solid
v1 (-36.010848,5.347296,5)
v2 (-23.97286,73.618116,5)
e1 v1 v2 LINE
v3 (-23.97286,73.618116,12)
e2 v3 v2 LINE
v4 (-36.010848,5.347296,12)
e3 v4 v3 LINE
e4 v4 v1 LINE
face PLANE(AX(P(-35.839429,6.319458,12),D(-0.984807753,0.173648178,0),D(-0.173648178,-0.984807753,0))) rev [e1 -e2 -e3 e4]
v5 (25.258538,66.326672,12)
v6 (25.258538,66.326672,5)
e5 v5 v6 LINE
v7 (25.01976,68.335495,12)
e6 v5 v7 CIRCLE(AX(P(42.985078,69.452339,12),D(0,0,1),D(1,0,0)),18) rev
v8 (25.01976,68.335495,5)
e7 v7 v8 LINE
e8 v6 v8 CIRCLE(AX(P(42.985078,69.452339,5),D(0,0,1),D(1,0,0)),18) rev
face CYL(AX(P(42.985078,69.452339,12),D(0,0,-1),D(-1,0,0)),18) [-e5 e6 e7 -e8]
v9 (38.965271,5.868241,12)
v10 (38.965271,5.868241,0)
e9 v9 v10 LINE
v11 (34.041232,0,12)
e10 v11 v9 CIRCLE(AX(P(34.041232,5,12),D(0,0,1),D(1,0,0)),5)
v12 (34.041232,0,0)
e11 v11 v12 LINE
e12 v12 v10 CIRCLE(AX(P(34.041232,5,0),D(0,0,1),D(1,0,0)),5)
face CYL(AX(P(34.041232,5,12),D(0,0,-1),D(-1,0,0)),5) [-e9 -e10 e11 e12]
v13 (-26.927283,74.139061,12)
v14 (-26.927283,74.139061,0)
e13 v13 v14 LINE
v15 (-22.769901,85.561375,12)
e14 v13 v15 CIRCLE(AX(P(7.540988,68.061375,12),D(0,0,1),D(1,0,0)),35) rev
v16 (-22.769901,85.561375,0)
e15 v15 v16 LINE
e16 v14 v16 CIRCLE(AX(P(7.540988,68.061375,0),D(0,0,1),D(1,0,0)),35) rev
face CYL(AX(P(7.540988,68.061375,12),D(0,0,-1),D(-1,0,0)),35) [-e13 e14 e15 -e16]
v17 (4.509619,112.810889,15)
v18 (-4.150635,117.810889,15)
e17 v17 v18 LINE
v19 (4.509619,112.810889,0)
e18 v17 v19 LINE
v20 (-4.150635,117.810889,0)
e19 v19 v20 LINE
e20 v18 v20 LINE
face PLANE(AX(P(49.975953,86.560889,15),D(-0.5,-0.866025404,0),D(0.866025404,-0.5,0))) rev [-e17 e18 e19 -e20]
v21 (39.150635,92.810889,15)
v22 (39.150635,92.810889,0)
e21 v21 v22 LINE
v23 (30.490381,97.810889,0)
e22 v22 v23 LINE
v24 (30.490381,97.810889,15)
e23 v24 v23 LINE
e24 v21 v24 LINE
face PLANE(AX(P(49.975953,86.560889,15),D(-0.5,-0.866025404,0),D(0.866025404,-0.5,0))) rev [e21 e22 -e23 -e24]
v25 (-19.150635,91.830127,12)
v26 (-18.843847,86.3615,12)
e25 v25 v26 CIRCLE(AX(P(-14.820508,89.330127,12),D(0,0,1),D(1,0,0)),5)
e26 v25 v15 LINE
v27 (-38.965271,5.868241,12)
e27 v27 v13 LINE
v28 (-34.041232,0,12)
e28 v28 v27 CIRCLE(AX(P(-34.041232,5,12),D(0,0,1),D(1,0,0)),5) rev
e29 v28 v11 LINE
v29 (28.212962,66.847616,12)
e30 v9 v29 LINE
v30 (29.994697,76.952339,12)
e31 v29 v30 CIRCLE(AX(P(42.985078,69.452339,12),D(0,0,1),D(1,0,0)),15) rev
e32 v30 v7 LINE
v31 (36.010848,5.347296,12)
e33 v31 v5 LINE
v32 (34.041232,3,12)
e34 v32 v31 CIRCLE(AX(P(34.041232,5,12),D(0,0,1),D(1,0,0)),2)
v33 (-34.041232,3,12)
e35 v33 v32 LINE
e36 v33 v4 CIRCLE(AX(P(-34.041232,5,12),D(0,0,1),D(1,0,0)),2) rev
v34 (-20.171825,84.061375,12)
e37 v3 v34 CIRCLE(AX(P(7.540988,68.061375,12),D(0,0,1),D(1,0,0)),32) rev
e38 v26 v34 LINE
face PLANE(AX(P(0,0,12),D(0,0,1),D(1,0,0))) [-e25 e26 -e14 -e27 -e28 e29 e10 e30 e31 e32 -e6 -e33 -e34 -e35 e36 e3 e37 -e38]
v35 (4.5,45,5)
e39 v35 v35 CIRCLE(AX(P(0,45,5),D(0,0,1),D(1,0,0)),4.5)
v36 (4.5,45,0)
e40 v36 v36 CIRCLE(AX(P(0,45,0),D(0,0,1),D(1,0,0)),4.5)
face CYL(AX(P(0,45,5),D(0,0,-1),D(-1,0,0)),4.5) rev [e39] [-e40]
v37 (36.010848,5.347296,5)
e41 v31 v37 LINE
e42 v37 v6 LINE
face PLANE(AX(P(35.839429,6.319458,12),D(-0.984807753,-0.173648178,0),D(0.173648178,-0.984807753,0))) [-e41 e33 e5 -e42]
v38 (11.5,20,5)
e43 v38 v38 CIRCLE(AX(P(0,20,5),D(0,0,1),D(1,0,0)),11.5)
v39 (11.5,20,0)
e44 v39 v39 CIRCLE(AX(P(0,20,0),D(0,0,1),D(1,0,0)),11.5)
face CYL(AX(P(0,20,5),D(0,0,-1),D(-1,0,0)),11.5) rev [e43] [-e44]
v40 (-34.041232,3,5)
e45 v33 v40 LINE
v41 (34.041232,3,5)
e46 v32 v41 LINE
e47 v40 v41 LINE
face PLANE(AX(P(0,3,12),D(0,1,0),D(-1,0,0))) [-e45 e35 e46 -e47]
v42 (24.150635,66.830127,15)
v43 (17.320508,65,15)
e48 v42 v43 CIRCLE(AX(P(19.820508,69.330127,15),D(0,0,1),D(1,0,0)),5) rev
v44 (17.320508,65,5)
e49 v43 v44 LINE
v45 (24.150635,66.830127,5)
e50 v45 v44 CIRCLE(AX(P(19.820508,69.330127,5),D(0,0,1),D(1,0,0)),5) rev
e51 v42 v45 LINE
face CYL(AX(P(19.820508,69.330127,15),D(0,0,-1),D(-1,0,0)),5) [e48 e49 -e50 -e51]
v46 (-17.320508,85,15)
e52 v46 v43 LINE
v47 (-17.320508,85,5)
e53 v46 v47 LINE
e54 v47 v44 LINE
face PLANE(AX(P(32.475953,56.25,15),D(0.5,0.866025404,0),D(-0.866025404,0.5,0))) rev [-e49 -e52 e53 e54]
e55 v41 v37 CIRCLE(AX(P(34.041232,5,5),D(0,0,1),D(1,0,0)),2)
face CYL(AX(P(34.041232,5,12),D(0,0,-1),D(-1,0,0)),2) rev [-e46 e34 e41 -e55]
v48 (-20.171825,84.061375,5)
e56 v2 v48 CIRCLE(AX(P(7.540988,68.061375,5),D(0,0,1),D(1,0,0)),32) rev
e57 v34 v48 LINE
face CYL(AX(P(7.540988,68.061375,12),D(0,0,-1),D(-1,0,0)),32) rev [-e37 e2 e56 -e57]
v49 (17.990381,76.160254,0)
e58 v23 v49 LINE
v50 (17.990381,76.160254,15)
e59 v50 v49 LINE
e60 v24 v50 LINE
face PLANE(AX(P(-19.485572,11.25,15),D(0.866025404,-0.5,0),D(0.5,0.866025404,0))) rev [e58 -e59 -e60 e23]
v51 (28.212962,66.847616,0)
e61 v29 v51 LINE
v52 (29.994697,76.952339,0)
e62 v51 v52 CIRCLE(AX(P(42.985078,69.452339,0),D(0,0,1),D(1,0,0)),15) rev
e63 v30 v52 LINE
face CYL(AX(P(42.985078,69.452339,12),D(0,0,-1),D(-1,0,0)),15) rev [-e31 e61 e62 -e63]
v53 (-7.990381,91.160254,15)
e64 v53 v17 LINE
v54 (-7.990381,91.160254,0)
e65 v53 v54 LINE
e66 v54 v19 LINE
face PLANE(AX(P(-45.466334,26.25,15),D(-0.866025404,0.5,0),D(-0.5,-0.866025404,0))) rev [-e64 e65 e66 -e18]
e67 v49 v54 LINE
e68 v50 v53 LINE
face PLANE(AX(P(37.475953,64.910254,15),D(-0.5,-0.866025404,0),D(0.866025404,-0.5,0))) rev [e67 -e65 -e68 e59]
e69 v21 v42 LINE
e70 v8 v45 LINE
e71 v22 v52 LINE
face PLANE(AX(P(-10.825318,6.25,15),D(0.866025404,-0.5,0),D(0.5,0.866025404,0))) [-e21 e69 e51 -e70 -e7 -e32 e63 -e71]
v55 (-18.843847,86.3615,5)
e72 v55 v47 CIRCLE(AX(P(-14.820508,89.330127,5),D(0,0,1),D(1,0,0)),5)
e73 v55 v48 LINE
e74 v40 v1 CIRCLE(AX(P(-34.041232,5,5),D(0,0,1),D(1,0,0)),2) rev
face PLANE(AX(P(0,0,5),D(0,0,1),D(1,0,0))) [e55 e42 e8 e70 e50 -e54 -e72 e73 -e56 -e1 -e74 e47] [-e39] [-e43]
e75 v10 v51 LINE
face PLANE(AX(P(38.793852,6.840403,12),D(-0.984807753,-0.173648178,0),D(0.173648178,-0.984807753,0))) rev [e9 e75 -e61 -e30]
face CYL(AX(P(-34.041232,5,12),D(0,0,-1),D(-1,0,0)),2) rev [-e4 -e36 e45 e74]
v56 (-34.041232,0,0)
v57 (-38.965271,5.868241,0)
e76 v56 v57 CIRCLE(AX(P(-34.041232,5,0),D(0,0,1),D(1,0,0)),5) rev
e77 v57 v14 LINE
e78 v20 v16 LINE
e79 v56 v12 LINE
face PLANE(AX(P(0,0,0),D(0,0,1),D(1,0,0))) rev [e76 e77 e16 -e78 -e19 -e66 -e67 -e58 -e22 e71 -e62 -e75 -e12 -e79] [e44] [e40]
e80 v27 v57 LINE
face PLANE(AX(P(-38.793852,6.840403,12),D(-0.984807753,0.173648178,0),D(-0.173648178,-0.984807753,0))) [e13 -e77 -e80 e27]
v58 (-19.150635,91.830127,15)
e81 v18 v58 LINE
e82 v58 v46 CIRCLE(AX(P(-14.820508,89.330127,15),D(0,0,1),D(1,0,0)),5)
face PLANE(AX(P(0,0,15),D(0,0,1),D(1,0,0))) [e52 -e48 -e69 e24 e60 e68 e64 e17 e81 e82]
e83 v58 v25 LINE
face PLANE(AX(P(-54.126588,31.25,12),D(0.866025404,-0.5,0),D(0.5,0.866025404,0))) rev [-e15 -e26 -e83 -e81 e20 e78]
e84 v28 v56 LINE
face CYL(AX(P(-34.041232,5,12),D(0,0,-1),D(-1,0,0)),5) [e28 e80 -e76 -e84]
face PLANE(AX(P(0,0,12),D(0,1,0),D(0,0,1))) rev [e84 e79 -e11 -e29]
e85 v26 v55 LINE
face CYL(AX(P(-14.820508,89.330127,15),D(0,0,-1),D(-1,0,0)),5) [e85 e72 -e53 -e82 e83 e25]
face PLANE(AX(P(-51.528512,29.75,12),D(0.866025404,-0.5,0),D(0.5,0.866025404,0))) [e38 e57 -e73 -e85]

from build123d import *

# Parameters (mm, degrees)
BOSS_EXTRUDE1_DEPTH = 12
SKETCH1_3_R         = 11.5
SKETCH1_3_R_2       = 4.5
BOSS_EXTRUDE2_DEPTH = 5
BOSS_EXTRUDE3_DEPTH = 15


with BuildPart() as part:
    # Sketch1 → Boss-Extrude1 (new body)
    with BuildSketch(Plane.XY):
        with BuildLine():
            ThreePointArc((-38.965270802, 5.868240888), (-37.871454253, 1.786061952), (-34.041232037, 0))
            Line((-34.041232037, 0), (34.041232037, 0))
            ThreePointArc((34.041232037, 0), (37.871454253, 1.786061952), (38.965270802, 5.868240888))
            Line((38.965270802, 5.868240888), (28.21296165, 66.847616303))
            ThreePointArc((28.21296165, 66.847616303), (28.21296165, 72.057061633), (29.994696888, 76.952338968))
            Line((29.994696888, 76.952338968), (25.019759703, 68.335494998))
            ThreePointArc((25.019759703, 68.335494998), (25.11090605, 67.327726281), (25.258538391, 66.32667177))
            Line((25.258538391, 66.32667177), (36.010847543, 5.347296355))
            ThreePointArc((36.010847543, 5.347296355), (35.573320923, 3.714424781), (34.041232037, 3))
            Line((34.041232037, 3), (-34.041232037, 3))
            ThreePointArc((-34.041232037, 3), (-35.573320923, 3.714424781), (-36.010847543, 5.347296355))
            Line((-36.010847543, 5.347296355), (-23.972860012, 73.618116188))
            ThreePointArc((-23.972860012, 73.618116188), (-22.52917578, 79.006019089), (-20.171824836, 84.061374502))
            Line((-20.171824836, 84.061374502), (-18.843846731, 86.361500052))
            ThreePointArc((-18.843846731, 86.361500052), (-19.812658656, 89.05006884), (-19.150635095, 91.830127019))
            Line((-19.150635095, 91.830127019), (-22.769901048, 85.561374502))
            ThreePointArc((-22.769901048, 85.561374502), (-25.348253643, 80.032079519), (-26.927283271, 74.139060721))
            Line((-26.927283271, 74.139060721), (-38.965270802, 5.868240888))
        make_face()
    extrude(amount=BOSS_EXTRUDE1_DEPTH)

    # Sketch1<3> → Boss-Extrude2 (add)
    with BuildSketch(Plane.XY):
        with BuildLine():
            ThreePointArc((25.258538391, 66.32667177), (25.11090605, 67.327726281), (25.019759703, 68.335494998))
            Line((25.019759703, 68.335494998), (24.150635095, 66.830127019))
            ThreePointArc((24.150635095, 66.830127019), (21.114603301, 64.500497887), (17.320508076, 65))
            Line((17.320508076, 65), (-17.320508076, 85))
            ThreePointArc((-17.320508076, 85), (-18.152460566, 85.602112454), (-18.843846731, 86.361500052))
            Line((-18.843846731, 86.361500052), (-20.171824836, 84.061374502))
            ThreePointArc((-20.171824836, 84.061374502), (-22.52917578, 79.006019089), (-23.972860012, 73.618116188))
            Line((-23.972860012, 73.618116188), (-36.010847543, 5.347296355))
            ThreePointArc((-36.010847543, 5.347296355), (-35.573320923, 3.714424781), (-34.041232037, 3))
            Line((-34.041232037, 3), (34.041232037, 3))
            ThreePointArc((34.041232037, 3), (35.573320923, 3.714424781), (36.010847543, 5.347296355))
            Line((36.010847543, 5.347296355), (25.258538391, 66.32667177))
        make_face()
        with Locations((0, 20)):
            Circle(SKETCH1_3_R, mode=Mode.SUBTRACT)
        with Locations((0, 45)):
            Circle(SKETCH1_3_R_2, mode=Mode.SUBTRACT)
    extrude(amount=BOSS_EXTRUDE2_DEPTH)

    # Sketch1<4> → Boss-Extrude3 (add)
    with BuildSketch(Plane.XY):
        with BuildLine():
            Line((25.019759703, 68.335494998), (29.994696888, 76.952338968))
            Line((29.994696888, 76.952338968), (39.150635095, 92.810889132))
            Line((39.150635095, 92.810889132), (30.490381057, 97.810889132))
            Line((30.490381057, 97.810889132), (17.990381057, 76.160254038))
            Line((17.990381057, 76.160254038), (-7.990381057, 91.160254038))
            Line((-7.990381057, 91.160254038), (4.509618943, 112.810889132))
            Line((4.509618943, 112.810889132), (-4.150635095, 117.810889132))
            Line((-4.150635095, 117.810889132), (-19.150635095, 91.830127019))
            ThreePointArc((-19.150635095, 91.830127019), (-19.812658656, 89.05006884), (-18.843846731, 86.361500052))
            ThreePointArc((-18.843846731, 86.361500052), (-18.152460566, 85.602112454), (-17.320508076, 85))
            Line((-17.320508076, 85), (17.320508076, 65))
            ThreePointArc((17.320508076, 65), (21.114603301, 64.500497887), (24.150635095, 66.830127019))
            Line((24.150635095, 66.830127019), (25.019759703, 68.335494998))
        make_face()
    extrude(amount=BOSS_EXTRUDE3_DEPTH)


solid = part.part
